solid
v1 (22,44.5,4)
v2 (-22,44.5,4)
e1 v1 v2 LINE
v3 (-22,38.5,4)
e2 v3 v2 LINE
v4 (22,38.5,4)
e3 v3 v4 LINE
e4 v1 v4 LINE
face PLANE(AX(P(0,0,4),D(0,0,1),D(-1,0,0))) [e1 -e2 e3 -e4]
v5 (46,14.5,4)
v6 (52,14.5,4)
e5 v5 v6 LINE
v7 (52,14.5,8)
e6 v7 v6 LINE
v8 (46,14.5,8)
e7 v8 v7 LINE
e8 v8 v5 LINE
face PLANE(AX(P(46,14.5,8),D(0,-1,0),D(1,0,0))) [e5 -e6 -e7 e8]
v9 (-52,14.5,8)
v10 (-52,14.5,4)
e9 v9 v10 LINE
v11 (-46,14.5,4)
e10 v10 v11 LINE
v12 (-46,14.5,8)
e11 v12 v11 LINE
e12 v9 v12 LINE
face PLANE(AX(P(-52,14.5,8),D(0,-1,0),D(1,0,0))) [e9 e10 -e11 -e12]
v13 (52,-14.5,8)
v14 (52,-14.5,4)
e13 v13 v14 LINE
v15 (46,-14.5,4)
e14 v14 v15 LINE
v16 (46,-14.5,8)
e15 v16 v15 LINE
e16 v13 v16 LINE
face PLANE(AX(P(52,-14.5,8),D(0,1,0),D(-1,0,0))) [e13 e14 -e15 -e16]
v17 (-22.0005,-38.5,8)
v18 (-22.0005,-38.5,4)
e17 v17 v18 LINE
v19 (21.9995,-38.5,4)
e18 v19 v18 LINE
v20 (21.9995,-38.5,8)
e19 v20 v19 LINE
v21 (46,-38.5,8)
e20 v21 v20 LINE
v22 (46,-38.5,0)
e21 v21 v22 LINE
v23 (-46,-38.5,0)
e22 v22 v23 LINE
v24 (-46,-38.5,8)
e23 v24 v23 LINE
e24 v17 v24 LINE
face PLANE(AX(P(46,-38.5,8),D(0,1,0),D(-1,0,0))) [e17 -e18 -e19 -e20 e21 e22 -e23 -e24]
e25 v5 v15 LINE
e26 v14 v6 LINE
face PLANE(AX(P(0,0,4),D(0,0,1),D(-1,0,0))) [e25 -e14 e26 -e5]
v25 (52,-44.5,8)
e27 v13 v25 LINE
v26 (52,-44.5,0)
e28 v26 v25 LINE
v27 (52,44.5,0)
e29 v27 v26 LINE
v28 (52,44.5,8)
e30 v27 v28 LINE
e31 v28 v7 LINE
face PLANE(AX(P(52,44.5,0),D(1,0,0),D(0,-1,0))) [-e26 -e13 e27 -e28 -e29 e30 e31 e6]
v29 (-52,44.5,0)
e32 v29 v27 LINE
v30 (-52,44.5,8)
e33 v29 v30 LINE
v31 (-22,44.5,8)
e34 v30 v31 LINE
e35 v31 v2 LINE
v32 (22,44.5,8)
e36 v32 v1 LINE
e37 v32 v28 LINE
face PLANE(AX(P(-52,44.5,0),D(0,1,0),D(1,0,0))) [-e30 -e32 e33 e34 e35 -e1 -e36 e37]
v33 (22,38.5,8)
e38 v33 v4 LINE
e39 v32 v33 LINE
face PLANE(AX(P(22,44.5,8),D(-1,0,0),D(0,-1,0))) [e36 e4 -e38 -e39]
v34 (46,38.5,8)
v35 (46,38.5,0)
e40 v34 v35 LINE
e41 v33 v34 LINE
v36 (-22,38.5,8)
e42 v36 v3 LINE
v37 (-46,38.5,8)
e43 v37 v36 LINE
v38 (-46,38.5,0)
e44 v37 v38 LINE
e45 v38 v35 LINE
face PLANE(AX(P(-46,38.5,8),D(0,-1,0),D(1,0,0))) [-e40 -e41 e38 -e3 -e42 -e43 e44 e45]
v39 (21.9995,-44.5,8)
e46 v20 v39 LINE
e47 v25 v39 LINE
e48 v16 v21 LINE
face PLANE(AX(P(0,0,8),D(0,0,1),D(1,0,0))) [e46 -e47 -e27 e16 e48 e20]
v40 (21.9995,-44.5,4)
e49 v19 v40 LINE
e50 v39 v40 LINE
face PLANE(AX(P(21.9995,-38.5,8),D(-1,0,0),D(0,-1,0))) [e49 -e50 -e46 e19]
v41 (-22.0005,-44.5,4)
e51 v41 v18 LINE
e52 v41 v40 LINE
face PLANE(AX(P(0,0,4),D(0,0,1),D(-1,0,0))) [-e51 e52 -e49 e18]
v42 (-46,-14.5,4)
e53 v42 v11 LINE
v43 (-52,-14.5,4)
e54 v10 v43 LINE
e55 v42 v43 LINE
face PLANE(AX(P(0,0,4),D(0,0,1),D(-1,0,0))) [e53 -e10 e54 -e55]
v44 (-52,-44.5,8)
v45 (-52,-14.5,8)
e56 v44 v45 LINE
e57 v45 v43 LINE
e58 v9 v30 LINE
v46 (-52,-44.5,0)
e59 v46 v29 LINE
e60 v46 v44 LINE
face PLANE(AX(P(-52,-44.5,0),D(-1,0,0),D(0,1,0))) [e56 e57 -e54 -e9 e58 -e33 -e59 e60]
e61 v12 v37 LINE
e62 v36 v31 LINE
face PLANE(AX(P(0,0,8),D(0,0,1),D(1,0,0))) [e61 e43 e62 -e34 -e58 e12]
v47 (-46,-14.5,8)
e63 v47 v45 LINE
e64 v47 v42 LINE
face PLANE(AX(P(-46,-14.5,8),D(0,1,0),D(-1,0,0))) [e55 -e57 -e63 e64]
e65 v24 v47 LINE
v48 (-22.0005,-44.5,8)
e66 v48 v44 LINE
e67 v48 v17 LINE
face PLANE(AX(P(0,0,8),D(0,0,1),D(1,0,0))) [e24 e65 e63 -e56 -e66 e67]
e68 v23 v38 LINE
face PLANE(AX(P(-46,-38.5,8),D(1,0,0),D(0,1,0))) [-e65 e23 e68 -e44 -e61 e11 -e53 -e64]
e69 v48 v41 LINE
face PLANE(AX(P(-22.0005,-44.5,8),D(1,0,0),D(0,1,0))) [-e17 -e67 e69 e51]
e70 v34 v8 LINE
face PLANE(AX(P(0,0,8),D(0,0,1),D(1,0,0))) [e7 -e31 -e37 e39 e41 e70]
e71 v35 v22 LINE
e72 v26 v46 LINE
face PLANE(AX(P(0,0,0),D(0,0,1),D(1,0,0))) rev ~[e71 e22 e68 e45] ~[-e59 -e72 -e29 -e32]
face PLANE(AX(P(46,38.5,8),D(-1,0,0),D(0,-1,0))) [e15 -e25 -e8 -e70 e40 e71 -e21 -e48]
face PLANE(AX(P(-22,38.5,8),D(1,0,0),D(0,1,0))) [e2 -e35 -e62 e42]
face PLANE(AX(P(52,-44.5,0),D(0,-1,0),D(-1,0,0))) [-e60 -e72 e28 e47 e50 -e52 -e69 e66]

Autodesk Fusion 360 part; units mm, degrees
sketch "Sketch1" plane through (0, 0, 0) normal (0, 0, 1) x (1, 0, 0)
  line L0 (52, -44.5) -> (-52, -44.5)
  line L1 (-52, -44.5) -> (-52, 44.5)
  line L2 (-52, 44.5) -> (52, 44.5)
  line L3 (52, 44.5) -> (52, -44.5)
  line L4 (52, -44.5) -> (-52, 44.5) construction
  line L5 (-52, -44.5) -> (52, 44.5) construction
  dimension "d1" = 104
  dimension "d2" = 89
extrude "Extrude1" add sketch "Sketch1" along normal blind 8
sketch "Sketch4" plane through (0, 0, 8) normal (0, 0, 1) x (1, 0, 0)
  line L0 (46, -38.5) -> (-46, -38.5)
  line L1 (-46, -38.5) -> (-46, 38.5)
  line L2 (-46, 38.5) -> (46, 38.5)
  line L3 (46, 38.5) -> (46, -38.5)
  line L4 (46, -38.5) -> (-46, 38.5) construction
  line L5 (-46, -38.5) -> (46, 38.5) construction
  dimension "d5" = 77
  dimension "d6" = 92
extrude "Extrude2" cut sketch "Sketch4" against normal blind 8
sketch "Sketch5" plane through (0, 0, 8) normal (0, 0, 1) x (-1, 0, 0)
  line L0 (46, 38.5) -> (46, -38.5)
  line L1 (46, -38.5) -> (-46, -38.5)
  line L2 (-46, -38.5) -> (-46, 38.5)
  line L3 (-46, 38.5) -> (46, 38.5)
  line L4 (-52, -44.5) -> (52, -44.5)
  line L5 (52, -44.5) -> (52, 44.5)
  line L6 (52, 44.5) -> (-52, 44.5)
  line L7 (-52, 44.5) -> (-52, -44.5)
  line L8 (52, -14.5) -> (46, -14.5)
  line L9 (46, -14.5) -> (46, 14.5)
  line L10 (46, 14.5) -> (52, 14.5)
  line L11 (52, 14.5) -> (52, -14.5)
  dimension "d9" = 29
  dimension "d10" = 6
extrude "Extrude3" cut sketch "Sketch5" against normal blind 4 contours L0 L5 L8 L9 L10 L11
sketch "Sketch6" plane through (0, 0, 8) normal (0, 0, 1) x (-1, 0, 0)
  line L0 (46, 14.5) -> (52, 14.5)
  line L1 (52, 14.5) -> (52, 44.5)
  line L2 (52, 44.5) -> (-52, 44.5)
  line L3 (-52, 44.5) -> (-52, -44.5)
  line L4 (-52, -44.5) -> (52, -44.5)
  line L5 (52, -44.5) -> (52, -14.5)
  line L6 (52, -14.5) -> (46, -14.5)
  line L7 (46, -14.5) -> (46, -38.5)
  line L8 (46, -38.5) -> (-46, -38.5)
  line L9 (-46, -38.5) -> (-46, 38.5)
  line L10 (-46, 38.5) -> (46, 38.5)
  line L11 (46, 38.5) -> (46, 14.5)
  line L12 (-46, -14.5) -> (-52, -14.5)
  line L13 (-52, -14.5) -> (-52, 14.5)
  line L14 (-52, 14.5) -> (-46, 14.5)
  line L15 (-46, 14.5) -> (-46, -14.5)
  dimension "d13" = 29
  dimension "d14" = 6
extrude "Extrude4" cut sketch "Sketch6" against normal blind 4 contours L3 L9 L12 L13 L14 L15
sketch "Sketch7" plane through (0, 0, 8) normal (0, 0, 1) x (-1, 0, 0)
  line L0 (-46, -14.5) -> (-52, -14.5)
  line L1 (-52, -14.5) -> (-52, -44.5)
  line L2 (-52, -44.5) -> (52, -44.5)
  line L3 (52, -44.5) -> (52, -14.5)
  line L4 (52, -14.5) -> (46, -14.5)
  line L5 (46, -14.5) -> (46, -38.5)
  line L6 (46, -38.5) -> (-46, -38.5)
  line L7 (-46, -38.5) -> (-46, -14.5)
  line L8 (22, -44.5) -> (-22, -44.5)
  line L9 (-22, -44.5) -> (-22, -38.5)
  line L10 (-22, -38.5) -> (22, -38.5)
  line L11 (22, -38.5) -> (22, -44.5)
  dimension "d17" = 6
  dimension "d18" = 44
extrude "Extrude5" cut sketch "Sketch7" against normal blind 4 contours L2 L6 L8 L9 L10 L11
sketch "Sketch8" plane through (0, 0, 8) normal (0, 0, 1) x (-1, 0, 0)
  line L0 (-52, 14.5) -> (-46, 14.5)
  line L1 (-46, 14.5) -> (-46, 38.5)
  line L2 (-46, 38.5) -> (46, 38.5)
  line L3 (46, 38.5) -> (46, 14.5)
  line L4 (46, 14.5) -> (52, 14.5)
  line L5 (52, 14.5) -> (52, 44.5)
  line L6 (52, 44.5) -> (-52, 44.5)
  line L7 (-52, 44.5) -> (-52, 14.5)
  line L8 (22.0005, 38.5) -> (-21.9995, 38.5)
  line L9 (-21.9995, 38.5) -> (-21.9995, 44.5)
  line L10 (-21.9995, 44.5) -> (22.0005, 44.5)
  line L11 (22.0005, 44.5) -> (22.0005, 38.5)
  dimension "d21" = 44
  dimension "d22" = 6
extrude "Extrude6" cut sketch "Sketch8" against normal blind 4 contours L2 L6 L8 L9 L10 L11
